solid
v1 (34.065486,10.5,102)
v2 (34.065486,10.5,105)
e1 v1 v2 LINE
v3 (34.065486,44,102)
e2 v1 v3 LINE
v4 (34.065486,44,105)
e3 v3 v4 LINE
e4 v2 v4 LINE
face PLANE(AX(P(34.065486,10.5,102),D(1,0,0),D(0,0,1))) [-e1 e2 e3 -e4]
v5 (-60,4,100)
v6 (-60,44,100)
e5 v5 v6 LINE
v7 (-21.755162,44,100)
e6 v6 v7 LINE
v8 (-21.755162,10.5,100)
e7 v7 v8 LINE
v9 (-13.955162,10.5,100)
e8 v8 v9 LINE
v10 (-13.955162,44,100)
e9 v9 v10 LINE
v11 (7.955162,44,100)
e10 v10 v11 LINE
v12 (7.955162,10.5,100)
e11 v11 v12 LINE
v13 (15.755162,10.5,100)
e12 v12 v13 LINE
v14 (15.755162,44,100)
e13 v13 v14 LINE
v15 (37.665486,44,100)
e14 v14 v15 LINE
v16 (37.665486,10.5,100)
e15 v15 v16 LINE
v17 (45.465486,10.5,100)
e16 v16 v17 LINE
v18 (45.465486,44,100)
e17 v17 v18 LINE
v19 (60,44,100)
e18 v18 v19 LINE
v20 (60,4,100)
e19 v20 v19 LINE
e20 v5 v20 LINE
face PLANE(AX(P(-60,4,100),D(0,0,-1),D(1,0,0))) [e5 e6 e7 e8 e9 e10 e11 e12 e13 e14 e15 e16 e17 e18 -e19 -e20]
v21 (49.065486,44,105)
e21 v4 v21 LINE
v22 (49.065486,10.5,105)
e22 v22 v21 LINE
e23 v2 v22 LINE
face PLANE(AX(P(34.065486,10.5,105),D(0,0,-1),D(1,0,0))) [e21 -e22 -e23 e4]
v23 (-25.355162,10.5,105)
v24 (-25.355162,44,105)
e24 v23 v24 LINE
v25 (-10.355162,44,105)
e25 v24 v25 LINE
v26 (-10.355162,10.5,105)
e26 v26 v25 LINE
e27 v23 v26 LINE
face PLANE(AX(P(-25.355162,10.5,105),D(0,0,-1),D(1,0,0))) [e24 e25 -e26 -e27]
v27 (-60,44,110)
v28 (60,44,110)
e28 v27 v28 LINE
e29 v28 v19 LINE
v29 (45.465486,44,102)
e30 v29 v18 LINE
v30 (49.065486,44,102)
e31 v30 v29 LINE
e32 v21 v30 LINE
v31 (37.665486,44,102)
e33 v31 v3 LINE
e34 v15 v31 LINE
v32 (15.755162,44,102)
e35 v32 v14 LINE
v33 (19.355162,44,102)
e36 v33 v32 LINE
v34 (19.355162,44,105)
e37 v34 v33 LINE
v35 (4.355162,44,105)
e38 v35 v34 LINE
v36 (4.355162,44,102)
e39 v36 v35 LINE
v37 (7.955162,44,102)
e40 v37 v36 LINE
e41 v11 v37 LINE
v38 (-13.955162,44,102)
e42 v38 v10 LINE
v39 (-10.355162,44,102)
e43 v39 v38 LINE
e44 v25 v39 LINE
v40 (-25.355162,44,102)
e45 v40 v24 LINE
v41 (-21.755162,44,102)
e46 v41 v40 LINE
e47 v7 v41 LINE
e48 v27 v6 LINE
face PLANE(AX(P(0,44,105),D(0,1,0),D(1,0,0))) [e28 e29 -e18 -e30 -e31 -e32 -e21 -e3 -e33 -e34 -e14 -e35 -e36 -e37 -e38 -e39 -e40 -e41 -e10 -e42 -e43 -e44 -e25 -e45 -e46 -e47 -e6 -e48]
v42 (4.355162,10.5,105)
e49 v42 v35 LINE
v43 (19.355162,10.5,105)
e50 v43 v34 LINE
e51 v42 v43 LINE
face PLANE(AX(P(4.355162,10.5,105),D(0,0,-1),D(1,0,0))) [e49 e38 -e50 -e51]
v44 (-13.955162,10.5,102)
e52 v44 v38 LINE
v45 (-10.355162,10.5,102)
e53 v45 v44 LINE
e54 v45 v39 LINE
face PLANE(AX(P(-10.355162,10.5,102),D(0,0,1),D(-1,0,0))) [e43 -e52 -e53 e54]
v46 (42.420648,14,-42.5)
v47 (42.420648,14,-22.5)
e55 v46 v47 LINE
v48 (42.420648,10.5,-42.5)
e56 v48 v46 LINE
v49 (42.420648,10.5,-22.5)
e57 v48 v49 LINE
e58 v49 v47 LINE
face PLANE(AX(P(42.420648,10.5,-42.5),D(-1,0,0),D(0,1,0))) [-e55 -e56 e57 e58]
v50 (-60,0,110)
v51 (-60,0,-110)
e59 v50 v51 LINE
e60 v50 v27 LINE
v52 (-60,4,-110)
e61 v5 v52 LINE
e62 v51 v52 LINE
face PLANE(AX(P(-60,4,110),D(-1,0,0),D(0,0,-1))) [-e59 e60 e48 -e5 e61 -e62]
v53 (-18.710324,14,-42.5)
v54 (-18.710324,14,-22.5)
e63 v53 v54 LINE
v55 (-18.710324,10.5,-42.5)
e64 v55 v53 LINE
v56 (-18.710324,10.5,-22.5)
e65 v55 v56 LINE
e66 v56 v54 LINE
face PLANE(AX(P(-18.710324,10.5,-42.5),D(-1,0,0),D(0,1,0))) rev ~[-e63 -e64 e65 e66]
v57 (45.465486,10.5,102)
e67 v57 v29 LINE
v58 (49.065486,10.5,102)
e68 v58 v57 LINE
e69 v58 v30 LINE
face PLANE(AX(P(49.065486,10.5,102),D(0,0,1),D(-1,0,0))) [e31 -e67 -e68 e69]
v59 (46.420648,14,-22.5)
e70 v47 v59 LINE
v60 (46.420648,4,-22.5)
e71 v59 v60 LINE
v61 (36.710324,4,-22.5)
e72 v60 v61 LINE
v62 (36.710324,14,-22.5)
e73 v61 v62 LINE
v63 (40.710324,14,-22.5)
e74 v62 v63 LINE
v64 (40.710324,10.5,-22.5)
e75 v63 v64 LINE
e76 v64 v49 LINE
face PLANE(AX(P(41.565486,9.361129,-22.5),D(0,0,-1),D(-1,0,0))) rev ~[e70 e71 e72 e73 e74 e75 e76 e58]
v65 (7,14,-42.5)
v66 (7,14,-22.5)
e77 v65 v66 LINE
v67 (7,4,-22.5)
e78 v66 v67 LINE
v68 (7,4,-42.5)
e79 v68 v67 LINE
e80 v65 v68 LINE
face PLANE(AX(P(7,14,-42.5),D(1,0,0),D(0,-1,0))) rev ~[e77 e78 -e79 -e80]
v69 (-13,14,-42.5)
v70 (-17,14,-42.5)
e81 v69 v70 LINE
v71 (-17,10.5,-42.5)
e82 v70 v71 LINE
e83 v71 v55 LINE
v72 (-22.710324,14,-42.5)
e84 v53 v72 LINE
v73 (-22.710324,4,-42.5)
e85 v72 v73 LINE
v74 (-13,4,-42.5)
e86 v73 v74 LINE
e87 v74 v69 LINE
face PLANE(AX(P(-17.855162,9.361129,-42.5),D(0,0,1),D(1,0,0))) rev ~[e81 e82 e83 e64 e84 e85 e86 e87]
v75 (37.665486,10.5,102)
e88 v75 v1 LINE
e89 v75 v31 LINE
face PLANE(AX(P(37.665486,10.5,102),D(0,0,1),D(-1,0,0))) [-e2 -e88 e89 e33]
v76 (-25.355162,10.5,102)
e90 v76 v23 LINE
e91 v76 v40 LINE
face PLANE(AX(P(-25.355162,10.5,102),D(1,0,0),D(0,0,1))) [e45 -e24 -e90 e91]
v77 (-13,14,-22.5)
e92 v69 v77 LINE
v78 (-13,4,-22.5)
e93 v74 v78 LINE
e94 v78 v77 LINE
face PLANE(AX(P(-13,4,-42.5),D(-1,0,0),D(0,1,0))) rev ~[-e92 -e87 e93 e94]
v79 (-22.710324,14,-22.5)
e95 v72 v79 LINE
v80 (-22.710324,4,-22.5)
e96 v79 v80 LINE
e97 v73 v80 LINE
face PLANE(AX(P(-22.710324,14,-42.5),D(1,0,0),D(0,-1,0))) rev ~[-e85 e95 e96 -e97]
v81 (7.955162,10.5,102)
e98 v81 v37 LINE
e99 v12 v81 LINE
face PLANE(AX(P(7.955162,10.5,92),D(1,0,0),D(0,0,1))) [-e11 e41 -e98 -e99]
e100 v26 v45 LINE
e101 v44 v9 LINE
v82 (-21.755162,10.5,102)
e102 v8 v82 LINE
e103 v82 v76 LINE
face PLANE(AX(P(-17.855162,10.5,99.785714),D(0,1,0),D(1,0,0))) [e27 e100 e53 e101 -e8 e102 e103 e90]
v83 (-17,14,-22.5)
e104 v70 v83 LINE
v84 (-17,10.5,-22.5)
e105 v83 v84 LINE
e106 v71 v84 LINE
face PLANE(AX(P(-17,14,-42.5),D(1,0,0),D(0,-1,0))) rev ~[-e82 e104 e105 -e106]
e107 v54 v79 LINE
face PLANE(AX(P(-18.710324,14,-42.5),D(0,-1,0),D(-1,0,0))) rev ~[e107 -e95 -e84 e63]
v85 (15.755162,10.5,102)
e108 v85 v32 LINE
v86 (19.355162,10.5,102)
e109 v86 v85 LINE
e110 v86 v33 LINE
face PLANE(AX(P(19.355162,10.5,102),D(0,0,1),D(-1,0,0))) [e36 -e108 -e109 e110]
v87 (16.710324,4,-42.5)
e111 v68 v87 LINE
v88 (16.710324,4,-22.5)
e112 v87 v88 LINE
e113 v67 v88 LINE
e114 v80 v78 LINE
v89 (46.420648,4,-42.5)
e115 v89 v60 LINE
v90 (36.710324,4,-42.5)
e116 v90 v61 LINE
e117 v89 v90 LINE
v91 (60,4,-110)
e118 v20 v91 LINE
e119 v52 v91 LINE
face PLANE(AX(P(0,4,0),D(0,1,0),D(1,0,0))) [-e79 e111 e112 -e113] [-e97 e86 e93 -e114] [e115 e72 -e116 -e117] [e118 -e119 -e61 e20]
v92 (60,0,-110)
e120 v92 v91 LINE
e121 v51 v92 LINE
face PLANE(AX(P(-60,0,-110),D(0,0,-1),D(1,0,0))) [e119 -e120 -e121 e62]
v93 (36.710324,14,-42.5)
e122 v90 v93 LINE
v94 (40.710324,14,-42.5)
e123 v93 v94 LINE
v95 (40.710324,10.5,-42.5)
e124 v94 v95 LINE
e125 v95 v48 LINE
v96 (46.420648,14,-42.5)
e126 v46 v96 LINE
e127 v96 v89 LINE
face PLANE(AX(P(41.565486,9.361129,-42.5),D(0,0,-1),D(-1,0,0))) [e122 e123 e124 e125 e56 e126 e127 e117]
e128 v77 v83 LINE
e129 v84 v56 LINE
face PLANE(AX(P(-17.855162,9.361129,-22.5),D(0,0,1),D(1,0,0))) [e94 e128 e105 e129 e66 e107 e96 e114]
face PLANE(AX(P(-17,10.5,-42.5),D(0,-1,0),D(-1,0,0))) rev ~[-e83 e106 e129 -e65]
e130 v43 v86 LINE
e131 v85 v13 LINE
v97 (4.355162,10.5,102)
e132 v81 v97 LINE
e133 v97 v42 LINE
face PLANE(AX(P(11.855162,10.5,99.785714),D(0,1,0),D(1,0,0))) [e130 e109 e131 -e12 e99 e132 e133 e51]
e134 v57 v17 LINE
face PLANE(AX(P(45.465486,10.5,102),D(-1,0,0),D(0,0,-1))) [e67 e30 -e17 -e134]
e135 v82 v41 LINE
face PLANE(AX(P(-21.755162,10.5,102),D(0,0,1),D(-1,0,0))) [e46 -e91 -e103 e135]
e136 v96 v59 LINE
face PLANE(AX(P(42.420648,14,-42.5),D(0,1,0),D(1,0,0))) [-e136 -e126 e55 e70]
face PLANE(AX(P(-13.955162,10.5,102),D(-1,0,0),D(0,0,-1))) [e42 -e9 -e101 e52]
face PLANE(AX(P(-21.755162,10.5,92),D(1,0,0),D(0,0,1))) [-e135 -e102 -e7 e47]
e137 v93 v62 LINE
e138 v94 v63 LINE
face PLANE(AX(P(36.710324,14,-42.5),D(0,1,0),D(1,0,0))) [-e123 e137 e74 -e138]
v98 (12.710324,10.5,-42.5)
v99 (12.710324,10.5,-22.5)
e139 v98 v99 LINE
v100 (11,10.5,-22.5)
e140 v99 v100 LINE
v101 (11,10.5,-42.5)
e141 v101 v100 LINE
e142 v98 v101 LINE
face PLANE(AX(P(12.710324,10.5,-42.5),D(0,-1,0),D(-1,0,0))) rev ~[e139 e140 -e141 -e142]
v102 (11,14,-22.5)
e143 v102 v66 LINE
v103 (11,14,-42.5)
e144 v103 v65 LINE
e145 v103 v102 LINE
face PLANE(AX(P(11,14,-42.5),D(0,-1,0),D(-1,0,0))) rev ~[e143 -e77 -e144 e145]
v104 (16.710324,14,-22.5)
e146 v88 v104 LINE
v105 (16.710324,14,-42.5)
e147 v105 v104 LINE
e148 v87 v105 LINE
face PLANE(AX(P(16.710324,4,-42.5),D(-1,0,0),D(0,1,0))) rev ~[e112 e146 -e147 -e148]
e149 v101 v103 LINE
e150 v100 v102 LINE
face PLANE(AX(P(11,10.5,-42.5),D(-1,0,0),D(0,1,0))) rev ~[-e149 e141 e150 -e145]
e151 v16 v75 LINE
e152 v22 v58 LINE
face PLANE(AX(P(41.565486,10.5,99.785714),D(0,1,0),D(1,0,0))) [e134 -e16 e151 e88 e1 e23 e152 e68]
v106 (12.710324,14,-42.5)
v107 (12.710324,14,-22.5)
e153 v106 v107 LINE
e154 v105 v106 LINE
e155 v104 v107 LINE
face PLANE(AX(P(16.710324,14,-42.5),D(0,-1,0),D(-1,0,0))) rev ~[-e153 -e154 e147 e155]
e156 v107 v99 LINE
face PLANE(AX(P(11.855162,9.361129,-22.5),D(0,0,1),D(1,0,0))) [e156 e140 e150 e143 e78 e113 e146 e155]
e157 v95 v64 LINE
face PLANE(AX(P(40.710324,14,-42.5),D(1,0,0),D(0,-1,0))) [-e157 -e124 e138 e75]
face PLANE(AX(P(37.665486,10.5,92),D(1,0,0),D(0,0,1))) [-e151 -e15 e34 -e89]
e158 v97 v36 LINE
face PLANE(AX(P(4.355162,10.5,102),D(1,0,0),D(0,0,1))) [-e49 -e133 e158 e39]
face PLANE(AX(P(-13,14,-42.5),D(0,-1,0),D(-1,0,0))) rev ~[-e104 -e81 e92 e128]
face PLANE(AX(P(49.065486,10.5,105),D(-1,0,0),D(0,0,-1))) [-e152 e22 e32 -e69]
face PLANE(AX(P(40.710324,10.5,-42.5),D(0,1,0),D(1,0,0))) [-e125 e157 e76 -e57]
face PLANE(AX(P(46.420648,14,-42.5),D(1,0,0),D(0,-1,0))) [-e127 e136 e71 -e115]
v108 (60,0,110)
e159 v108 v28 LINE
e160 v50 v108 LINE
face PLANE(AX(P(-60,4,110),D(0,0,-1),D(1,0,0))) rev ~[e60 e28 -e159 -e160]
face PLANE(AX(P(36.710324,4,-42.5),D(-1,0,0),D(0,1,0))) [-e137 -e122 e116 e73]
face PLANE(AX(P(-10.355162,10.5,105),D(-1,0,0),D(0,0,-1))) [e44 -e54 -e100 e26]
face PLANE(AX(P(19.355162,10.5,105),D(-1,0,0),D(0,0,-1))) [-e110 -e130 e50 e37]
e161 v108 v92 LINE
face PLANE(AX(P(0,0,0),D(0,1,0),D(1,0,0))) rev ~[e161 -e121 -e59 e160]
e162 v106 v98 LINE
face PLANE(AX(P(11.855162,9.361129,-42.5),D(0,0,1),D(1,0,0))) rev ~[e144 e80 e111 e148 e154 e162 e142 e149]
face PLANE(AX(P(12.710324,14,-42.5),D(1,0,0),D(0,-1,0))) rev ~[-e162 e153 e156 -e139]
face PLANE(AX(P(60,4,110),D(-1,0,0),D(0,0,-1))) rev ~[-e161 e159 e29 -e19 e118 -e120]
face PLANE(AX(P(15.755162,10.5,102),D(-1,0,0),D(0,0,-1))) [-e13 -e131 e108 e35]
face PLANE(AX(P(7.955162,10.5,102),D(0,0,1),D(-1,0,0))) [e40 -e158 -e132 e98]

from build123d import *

# Parameters (mm, degrees)
SKETCH1_W           = 120
SKETCH1_H           = 220
BOSS_EXTRUDE1_DEPTH = 4
SKETCH2_W           = 120
SKETCH2_H           = 10
BOSS_EXTRUDE2_DEPTH = 40
CUT_EXTRUDE1_START  = -33.5
CUT_EXTRUDE1_DEPTH  = 33.5
BOSS_EXTRUDE3_DEPTH = 20


with BuildPart() as part:
    # Sketch1 → Boss-Extrude1 (new body)
    with BuildSketch(Plane(origin=(0, 0, 0), x_dir=(1, 0, 0), z_dir=(0, 1, 0))):
        Rectangle(SKETCH1_W, SKETCH1_H)
    extrude(amount=BOSS_EXTRUDE1_DEPTH)

    # Sketch2 → Boss-Extrude2 (add)
    with BuildSketch(Plane(origin=(0, 4, 0), x_dir=(1, 0, 0), z_dir=(0, 1, 0))):
        with Locations((0, -105)):
            Rectangle(SKETCH2_W, SKETCH2_H)
    extrude(amount=BOSS_EXTRUDE2_DEPTH)

    # Sketch4 → Cut-Extrude1 (cut)
    with BuildSketch(Plane(origin=(0, 44, 0), x_dir=(1, 0, 0), z_dir=(0, 1, 0)).offset(CUT_EXTRUDE1_START)):
        Polygon((49.06548636, -105), (49.06548636, -102), (45.46548636, -102), (45.46548636, -92), (37.66548636, -92), (37.66548636, -102), (34.06548636, -102), (34.06548636, -105), align=None)
        Polygon((19.35516212, -105), (19.35516212, -102), (15.75516212, -102), (15.75516212, -92), (7.95516212, -92), (7.95516212, -102), (4.35516212, -102), (4.35516212, -105), align=None)
        Polygon((-10.35516212, -105), (-10.35516212, -102), (-13.95516212, -102), (-13.95516212, -92), (-21.75516212, -92), (-21.75516212, -102), (-25.35516212, -102), (-25.35516212, -105), align=None)
    extrude(amount=CUT_EXTRUDE1_DEPTH, mode=Mode.SUBTRACT)

    # Sketch5 → Boss-Extrude3 (add)
    with BuildSketch(Plane(origin=(0, 0, -42.5), x_dir=(-1, 0, 0), z_dir=(0, 0, -1))):
        Polygon((-46.42064848, 4), (-36.71032424, 4), (-36.71032424, 14), (-40.71032424, 14), (-40.71032424, 10.5), (-42.42064848, 10.5), (-42.42064848, 14), (-46.42064848, 14), align=None)
        Polygon((-16.71032424, 4), (-16.71032424, 14), (-12.71032424, 14), (-12.71032424, 10.5), (-11, 10.5), (-11, 14), (-7, 14), (-7, 4), align=None)
        Polygon((13, 4), (13, 14), (17, 14), (17, 10.5), (18.71032424, 10.5), (18.71032424, 14), (22.71032424, 14), (22.71032424, 4), align=None)
    extrude(amount=-BOSS_EXTRUDE3_DEPTH)


solid = part.part
